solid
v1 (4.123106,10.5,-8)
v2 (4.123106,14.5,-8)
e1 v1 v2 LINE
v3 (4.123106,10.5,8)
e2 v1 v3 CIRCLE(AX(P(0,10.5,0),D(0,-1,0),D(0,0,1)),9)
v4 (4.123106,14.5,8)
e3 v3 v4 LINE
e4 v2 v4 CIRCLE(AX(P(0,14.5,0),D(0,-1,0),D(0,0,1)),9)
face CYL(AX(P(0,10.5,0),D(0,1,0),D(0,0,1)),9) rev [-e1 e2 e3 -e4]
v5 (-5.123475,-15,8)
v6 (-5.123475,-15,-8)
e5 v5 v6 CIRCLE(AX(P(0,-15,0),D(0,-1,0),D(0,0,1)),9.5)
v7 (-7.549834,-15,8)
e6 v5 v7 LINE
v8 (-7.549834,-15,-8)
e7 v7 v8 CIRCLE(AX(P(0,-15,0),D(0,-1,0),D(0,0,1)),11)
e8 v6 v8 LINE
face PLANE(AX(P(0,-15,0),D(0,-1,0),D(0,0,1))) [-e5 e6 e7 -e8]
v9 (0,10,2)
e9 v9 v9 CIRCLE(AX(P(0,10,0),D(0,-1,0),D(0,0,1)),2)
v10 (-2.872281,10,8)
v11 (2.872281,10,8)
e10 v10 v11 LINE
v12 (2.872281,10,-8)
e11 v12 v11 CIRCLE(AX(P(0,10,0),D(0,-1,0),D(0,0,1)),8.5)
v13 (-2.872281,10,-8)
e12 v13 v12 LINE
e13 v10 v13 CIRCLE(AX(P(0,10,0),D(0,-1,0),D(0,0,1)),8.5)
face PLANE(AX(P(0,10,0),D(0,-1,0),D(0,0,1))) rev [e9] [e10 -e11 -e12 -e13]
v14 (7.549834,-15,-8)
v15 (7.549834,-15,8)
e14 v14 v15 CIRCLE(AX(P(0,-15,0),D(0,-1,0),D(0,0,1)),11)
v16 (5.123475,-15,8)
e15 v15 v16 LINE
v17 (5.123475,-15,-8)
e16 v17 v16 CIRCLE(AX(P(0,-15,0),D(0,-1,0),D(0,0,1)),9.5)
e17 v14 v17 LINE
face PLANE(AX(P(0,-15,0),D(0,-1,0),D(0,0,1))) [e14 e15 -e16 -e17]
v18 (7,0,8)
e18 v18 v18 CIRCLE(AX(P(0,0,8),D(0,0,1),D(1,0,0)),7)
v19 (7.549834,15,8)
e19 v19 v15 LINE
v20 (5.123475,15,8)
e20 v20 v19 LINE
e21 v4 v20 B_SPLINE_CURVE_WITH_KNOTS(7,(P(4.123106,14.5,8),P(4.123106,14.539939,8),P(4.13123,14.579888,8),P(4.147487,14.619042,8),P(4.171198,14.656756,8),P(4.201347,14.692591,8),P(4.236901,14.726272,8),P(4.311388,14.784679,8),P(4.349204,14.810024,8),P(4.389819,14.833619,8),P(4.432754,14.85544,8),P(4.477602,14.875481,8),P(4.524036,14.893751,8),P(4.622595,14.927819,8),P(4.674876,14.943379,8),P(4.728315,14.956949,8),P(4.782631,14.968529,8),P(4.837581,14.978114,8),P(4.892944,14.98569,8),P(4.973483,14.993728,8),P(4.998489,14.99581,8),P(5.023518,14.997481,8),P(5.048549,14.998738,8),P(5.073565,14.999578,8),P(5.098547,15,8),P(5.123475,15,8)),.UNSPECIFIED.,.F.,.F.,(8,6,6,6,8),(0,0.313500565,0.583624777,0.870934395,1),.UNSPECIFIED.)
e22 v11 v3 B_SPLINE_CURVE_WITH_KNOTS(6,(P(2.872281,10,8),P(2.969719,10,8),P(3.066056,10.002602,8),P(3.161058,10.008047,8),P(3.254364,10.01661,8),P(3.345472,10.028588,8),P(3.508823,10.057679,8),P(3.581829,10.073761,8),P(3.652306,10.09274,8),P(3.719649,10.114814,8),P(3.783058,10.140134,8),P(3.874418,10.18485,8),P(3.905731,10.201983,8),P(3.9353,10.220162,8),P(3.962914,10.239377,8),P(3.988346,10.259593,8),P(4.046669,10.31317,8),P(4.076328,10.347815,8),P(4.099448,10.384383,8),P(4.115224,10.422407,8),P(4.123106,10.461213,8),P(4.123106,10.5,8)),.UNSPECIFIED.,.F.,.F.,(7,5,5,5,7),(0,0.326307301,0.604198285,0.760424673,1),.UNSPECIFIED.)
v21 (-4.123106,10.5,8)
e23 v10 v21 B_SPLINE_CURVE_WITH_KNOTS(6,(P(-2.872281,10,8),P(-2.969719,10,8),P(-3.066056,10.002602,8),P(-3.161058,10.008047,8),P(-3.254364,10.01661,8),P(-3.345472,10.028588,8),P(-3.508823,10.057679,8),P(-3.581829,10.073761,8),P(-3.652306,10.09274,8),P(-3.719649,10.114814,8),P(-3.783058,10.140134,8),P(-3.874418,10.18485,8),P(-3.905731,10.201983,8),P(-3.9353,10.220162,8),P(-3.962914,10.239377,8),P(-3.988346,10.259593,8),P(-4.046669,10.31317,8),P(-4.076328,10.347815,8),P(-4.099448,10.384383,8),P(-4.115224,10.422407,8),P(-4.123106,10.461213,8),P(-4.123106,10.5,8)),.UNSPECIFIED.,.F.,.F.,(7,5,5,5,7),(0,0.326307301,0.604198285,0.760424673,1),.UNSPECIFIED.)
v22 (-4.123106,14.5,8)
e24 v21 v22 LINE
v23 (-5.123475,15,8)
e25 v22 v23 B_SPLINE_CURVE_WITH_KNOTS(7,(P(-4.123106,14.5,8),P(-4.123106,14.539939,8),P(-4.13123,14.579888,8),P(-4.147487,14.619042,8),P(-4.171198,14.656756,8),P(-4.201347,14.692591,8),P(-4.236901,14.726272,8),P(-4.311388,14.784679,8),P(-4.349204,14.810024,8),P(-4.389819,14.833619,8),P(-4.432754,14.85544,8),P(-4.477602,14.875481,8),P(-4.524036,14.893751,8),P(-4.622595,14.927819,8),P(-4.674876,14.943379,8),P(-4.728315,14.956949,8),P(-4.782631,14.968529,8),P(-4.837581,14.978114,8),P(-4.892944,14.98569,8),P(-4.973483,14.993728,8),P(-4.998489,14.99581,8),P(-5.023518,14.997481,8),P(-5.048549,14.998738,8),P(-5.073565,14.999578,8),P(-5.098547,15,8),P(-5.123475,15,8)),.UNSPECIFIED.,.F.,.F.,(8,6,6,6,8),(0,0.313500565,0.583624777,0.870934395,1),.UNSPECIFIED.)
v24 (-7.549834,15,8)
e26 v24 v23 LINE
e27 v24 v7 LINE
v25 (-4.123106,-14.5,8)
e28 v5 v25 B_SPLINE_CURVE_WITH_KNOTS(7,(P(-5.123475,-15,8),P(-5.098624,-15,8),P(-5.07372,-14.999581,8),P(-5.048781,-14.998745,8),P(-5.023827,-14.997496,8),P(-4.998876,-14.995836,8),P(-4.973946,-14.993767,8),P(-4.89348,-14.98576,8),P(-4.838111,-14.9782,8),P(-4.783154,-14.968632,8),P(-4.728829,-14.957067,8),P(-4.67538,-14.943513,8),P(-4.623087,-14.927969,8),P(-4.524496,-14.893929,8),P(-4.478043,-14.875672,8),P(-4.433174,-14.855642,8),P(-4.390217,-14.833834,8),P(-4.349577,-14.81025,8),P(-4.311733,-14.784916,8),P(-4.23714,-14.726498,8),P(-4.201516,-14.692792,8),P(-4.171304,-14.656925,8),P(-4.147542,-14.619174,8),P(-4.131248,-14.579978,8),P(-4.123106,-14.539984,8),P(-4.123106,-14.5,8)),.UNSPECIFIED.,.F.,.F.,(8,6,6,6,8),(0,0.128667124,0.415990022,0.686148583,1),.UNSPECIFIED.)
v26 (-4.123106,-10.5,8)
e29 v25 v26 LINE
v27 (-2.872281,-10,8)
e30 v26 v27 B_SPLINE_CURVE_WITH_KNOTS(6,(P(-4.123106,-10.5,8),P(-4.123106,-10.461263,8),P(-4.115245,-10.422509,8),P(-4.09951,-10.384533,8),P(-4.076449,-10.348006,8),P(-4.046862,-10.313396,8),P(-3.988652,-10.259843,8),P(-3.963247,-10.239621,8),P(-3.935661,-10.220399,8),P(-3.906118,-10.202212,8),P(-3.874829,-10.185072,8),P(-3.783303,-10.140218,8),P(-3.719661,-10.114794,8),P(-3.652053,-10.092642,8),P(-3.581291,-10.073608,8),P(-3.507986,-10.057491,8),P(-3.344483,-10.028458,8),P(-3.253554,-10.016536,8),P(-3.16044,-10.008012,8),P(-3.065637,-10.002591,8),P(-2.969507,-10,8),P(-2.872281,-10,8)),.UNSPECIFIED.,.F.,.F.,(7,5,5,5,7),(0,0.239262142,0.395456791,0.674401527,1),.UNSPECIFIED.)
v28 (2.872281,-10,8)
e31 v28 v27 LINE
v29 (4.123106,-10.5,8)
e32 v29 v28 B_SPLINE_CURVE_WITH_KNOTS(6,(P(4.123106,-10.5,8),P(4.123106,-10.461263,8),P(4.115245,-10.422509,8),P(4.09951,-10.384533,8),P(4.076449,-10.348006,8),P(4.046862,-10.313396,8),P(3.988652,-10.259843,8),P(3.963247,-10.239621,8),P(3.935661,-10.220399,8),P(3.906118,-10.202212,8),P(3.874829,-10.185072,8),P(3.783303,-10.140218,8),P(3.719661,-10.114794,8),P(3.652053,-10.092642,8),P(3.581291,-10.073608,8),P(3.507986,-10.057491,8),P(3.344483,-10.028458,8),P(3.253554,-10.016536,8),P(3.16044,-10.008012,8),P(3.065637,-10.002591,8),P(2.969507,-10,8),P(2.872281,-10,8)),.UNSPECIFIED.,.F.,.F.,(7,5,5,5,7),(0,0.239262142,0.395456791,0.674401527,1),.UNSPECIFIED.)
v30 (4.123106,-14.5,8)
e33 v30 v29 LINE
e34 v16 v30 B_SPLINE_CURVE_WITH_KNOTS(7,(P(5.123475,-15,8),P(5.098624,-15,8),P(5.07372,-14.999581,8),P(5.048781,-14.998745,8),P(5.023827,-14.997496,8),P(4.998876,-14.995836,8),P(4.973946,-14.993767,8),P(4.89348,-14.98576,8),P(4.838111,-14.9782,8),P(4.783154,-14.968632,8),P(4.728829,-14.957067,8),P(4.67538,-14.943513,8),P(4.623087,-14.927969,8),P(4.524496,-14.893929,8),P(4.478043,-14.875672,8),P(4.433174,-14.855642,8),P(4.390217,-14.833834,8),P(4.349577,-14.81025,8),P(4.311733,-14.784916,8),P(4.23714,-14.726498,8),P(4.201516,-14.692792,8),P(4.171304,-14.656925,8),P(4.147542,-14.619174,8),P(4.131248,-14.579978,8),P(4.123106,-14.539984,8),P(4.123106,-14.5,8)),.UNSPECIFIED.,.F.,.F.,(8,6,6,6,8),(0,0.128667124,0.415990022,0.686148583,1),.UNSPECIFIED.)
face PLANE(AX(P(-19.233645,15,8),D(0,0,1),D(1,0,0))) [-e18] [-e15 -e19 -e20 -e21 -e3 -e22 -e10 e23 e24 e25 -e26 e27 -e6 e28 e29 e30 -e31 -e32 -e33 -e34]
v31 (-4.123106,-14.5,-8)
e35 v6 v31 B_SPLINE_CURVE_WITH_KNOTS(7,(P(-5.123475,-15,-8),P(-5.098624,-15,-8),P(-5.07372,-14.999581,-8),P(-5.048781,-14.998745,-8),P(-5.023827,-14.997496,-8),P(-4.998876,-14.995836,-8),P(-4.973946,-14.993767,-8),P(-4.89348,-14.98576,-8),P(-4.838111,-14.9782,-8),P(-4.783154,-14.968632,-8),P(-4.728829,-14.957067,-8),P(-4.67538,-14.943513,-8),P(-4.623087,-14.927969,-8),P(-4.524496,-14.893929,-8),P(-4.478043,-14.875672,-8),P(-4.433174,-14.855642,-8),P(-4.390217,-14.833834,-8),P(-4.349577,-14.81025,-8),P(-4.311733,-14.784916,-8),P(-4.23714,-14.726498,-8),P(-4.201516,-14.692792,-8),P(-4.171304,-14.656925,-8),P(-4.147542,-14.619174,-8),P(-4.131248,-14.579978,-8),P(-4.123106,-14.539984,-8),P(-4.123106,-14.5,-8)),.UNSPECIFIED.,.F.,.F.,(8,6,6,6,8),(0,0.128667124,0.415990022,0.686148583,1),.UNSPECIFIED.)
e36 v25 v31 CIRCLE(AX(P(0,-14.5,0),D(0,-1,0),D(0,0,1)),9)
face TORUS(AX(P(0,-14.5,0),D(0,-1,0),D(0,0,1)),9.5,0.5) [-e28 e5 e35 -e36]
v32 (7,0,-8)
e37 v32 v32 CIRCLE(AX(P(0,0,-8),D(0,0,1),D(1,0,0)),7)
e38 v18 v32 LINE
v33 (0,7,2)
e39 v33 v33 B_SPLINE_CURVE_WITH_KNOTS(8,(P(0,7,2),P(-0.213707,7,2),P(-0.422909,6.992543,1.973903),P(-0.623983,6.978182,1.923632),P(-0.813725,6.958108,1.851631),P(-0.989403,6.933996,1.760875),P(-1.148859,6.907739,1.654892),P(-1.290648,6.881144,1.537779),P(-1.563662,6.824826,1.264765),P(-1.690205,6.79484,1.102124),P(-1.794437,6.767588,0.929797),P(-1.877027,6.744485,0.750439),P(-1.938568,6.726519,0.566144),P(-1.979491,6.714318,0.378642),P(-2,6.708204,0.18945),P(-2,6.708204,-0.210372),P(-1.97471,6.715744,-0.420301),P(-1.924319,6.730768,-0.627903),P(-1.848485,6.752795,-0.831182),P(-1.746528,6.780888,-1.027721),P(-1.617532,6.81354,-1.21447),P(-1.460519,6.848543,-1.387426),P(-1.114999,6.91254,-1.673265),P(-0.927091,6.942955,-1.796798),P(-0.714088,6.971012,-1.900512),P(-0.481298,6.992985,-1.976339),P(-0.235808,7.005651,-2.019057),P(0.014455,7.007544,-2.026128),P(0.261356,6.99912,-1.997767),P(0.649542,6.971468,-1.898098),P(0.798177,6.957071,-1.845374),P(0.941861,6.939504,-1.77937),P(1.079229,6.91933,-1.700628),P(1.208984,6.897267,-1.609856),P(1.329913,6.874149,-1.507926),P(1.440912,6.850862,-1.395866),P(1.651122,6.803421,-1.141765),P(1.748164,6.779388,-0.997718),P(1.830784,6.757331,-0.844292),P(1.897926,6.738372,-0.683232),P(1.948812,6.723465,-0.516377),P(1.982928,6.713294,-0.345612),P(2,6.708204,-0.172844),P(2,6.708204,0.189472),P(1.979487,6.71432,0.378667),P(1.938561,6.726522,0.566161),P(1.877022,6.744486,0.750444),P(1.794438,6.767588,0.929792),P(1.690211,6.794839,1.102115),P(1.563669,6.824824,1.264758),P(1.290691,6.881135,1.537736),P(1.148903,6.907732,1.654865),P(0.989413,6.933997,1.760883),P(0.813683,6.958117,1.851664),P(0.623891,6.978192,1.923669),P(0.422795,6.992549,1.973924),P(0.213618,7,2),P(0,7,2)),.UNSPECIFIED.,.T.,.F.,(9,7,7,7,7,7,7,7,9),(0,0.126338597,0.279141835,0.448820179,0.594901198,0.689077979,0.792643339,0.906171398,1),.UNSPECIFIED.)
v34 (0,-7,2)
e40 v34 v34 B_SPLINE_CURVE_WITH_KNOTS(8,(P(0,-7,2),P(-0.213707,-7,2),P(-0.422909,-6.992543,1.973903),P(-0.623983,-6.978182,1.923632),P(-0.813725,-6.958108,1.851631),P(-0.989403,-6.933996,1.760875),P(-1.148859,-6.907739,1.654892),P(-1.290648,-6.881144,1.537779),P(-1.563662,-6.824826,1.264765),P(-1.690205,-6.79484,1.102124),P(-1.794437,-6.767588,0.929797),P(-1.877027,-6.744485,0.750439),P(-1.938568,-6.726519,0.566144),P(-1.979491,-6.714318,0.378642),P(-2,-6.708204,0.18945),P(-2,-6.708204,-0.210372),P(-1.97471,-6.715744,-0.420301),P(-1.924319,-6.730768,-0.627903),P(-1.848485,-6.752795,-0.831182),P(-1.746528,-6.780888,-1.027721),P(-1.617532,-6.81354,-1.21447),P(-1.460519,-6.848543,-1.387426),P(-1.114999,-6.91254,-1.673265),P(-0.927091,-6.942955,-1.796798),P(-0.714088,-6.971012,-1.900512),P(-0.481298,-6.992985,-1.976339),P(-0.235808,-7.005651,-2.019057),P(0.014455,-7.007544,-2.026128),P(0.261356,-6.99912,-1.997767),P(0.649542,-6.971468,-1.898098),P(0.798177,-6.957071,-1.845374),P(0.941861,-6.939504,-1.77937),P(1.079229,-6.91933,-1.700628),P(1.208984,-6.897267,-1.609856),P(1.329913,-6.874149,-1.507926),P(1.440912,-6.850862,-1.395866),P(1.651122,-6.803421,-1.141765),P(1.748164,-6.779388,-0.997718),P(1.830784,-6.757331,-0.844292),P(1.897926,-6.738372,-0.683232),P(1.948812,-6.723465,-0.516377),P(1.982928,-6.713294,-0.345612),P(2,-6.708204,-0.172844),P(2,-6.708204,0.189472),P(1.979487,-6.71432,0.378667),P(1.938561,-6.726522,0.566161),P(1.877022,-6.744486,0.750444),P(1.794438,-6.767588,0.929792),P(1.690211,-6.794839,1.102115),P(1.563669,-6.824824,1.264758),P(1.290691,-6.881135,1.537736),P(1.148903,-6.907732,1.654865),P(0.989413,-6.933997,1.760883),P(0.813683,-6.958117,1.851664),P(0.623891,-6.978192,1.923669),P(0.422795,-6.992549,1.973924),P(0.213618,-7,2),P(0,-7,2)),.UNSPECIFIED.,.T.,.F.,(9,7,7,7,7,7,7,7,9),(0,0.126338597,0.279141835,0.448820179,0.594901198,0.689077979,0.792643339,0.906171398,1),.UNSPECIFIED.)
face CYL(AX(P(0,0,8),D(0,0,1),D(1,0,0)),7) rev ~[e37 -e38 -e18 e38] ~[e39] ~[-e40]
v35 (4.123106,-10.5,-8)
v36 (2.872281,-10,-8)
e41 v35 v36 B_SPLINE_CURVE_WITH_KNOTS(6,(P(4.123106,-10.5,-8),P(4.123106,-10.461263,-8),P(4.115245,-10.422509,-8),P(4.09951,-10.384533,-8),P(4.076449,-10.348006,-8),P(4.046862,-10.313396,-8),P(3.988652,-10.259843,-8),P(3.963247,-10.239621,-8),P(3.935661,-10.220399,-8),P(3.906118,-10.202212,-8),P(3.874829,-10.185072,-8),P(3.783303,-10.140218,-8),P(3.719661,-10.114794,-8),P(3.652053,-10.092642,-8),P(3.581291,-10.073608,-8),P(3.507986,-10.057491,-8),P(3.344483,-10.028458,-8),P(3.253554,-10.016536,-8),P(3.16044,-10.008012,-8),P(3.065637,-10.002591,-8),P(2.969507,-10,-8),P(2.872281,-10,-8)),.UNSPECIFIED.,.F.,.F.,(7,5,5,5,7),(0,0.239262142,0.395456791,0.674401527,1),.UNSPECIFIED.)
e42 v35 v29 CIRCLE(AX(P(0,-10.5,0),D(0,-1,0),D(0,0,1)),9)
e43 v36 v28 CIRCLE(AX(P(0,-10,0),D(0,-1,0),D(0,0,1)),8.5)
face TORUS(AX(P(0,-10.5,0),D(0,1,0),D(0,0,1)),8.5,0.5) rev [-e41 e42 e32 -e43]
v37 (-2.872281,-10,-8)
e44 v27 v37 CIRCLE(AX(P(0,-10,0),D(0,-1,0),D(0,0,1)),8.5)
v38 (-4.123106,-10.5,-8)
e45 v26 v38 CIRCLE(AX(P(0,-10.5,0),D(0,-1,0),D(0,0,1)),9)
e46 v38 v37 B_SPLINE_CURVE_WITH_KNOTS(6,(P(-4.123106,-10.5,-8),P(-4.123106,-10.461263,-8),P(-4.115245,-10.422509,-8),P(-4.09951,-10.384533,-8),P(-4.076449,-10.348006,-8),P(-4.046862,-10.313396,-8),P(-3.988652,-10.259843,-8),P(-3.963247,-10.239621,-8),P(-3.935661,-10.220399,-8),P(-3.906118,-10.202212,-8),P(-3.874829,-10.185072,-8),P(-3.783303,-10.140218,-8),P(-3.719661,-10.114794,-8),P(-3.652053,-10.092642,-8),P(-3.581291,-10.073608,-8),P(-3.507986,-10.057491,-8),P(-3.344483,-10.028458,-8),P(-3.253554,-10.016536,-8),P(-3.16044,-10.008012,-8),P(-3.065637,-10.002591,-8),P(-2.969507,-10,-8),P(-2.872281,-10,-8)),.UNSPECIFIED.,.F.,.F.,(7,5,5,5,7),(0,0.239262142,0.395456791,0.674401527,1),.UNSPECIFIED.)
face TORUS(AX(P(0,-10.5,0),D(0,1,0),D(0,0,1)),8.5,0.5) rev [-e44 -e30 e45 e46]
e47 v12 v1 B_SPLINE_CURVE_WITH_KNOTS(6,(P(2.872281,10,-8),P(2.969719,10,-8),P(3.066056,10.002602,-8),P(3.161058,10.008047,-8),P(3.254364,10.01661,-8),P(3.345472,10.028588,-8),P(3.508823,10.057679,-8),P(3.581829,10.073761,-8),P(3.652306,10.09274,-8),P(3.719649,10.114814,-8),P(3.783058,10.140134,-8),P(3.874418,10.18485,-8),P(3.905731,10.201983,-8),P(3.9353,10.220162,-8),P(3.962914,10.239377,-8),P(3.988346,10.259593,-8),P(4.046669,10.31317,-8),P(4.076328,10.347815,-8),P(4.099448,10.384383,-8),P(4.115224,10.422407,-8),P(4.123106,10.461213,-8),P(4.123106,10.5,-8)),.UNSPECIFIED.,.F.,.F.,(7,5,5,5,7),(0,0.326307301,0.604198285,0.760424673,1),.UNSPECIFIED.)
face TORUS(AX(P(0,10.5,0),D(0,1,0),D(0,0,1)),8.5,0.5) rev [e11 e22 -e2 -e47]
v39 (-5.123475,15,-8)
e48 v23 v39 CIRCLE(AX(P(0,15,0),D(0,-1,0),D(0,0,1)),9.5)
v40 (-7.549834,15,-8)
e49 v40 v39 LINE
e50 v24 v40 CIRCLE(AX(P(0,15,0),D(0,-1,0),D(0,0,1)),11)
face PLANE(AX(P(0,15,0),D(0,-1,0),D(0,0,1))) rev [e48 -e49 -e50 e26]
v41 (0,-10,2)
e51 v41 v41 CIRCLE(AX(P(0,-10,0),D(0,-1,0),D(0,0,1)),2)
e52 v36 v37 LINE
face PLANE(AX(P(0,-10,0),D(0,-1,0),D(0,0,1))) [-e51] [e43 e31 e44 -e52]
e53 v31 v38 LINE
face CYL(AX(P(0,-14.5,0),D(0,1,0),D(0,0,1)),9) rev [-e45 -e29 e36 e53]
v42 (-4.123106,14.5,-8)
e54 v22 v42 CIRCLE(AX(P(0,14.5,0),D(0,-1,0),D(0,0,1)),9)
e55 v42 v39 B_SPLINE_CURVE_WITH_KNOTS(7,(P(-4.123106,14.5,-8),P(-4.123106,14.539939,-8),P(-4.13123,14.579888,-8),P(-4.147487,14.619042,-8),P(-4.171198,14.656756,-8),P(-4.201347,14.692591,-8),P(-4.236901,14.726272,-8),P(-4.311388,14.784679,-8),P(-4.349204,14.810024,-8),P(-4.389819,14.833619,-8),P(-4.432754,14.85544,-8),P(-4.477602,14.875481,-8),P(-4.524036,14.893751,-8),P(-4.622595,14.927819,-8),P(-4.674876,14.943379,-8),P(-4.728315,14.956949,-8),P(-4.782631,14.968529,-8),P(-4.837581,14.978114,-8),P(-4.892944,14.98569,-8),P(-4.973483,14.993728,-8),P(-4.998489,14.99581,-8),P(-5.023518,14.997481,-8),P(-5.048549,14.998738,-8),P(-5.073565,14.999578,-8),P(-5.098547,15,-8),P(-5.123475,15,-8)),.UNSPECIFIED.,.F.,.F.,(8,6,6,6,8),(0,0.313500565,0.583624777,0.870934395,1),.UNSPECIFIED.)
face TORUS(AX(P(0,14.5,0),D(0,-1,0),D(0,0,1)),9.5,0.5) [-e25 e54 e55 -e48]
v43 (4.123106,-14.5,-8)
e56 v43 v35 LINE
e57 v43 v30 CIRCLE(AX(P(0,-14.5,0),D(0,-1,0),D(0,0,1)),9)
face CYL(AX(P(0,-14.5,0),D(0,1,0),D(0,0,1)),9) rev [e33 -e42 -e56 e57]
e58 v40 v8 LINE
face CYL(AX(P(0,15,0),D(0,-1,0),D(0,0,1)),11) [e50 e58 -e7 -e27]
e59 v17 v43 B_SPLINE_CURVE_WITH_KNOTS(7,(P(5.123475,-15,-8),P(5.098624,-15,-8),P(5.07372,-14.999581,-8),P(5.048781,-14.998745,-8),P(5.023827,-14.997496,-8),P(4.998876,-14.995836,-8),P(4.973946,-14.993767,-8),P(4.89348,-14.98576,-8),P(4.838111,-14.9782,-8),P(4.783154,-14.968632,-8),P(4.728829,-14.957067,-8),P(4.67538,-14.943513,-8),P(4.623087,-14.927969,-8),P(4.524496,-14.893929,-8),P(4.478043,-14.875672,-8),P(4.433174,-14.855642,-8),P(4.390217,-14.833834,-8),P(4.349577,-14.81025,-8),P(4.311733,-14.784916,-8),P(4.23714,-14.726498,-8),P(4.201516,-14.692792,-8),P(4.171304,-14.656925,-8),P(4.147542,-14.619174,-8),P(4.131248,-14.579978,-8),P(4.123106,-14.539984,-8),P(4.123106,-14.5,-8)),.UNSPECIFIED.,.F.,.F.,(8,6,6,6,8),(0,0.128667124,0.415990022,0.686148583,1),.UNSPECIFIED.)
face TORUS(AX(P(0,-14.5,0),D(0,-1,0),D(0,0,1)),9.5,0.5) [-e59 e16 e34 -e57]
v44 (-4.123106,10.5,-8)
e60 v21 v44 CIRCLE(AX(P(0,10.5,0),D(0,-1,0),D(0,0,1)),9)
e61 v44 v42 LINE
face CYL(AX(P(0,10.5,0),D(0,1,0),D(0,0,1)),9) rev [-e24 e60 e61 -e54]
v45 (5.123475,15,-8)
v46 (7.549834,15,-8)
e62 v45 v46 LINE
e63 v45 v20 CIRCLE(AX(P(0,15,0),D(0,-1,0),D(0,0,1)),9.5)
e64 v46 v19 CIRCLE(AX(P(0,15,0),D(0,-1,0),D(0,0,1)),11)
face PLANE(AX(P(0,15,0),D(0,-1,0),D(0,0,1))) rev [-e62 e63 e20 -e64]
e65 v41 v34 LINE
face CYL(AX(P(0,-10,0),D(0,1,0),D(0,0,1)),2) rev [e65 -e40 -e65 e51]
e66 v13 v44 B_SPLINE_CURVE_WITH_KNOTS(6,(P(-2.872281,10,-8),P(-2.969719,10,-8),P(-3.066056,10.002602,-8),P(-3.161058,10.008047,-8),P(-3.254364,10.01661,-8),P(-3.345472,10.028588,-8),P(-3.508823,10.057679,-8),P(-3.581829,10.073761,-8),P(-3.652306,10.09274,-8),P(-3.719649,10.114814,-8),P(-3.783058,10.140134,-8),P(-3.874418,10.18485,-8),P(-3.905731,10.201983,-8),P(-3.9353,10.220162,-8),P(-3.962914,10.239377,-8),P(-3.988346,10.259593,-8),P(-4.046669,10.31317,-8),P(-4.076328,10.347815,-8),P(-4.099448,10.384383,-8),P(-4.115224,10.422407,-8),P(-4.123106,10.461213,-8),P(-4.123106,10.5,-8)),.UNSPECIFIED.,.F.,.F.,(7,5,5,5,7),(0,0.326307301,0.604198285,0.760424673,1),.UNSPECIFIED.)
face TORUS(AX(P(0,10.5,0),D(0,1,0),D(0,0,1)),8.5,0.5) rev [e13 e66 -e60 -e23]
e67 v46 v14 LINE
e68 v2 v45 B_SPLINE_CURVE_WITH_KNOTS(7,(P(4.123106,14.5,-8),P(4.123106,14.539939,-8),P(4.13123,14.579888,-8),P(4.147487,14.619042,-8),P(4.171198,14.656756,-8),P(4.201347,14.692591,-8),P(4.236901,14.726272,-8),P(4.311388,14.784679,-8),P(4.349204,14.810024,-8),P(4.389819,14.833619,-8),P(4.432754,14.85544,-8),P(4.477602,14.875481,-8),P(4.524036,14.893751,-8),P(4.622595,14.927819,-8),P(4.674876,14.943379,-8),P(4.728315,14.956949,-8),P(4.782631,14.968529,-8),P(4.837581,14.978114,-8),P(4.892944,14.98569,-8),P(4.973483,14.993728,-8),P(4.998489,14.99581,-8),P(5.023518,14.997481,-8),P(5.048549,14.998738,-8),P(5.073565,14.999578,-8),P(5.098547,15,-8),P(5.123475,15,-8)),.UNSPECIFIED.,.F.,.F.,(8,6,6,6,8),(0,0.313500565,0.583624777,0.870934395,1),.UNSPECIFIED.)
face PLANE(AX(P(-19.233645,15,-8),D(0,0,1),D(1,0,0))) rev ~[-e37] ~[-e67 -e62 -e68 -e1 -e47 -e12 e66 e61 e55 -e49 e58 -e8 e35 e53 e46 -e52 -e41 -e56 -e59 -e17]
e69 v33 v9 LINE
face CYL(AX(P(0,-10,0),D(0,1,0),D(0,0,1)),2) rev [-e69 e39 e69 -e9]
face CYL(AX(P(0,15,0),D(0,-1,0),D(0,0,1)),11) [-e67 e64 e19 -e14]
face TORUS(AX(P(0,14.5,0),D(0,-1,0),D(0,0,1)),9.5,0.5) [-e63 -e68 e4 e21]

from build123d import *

# Parameters (mm, degrees)
ESQUISSE2_W             = 4
ESQUISSE2_H             = 32
ENL_V_MAT_EXTRU_1_DEPTH = 42.194659848
ESQUISSE3_R             = 7
ENL_V_MAT_EXTRU_2_DEPTH = 25.535688419


with BuildPart() as part:
    # Esquisse1 → Base-Révolution (revolve)
    with BuildSketch(Plane.XY, mode=Mode.PRIVATE) as base_r_volution_sk:
        with BuildLine():
            Line((-2, 10), (-8.5, 10))
            ThreePointArc((-8.5, 10), (-8.853553391, 10.146446609), (-9, 10.5))
            Line((-9, 10.5), (-9, 14.5))
            ThreePointArc((-9, 14.5), (-9.146446609, 14.853553391), (-9.5, 15))
            Line((-9.5, 15), (-11, 15))
            Line((-11, 15), (-11, -15))
            Line((-11, -15), (-9.5, -15))
            ThreePointArc((-9.5, -15), (-9.146446609, -14.853553391), (-9, -14.5))
            Line((-9, -14.5), (-9, -10.5))
            ThreePointArc((-9, -10.5), (-8.853553391, -10.146446609), (-8.5, -10))
            Line((-8.5, -10), (-2, -10))
            Line((-2, -10), (-2, 10))
        make_face()
    revolve(base_r_volution_sk.sketch.rotate(Axis((0, 0, 0), (0, -1, 0)), 270), axis=Axis((0, 0, 0), (0, -1, 0)))

    # Esquisse2 → Enlèv. mat.-Extru.1 (cut, through all)
    with BuildSketch(Plane(origin=(-15, 15, 0), x_dir=(0, 0, -1), z_dir=(0, -1, 0))):
        with Locations((10, 11.76635514)):
            Rectangle(ESQUISSE2_W, ESQUISSE2_H)
        with Locations((-10, 11.76635514)):
            Rectangle(ESQUISSE2_W, ESQUISSE2_H)
    extrude(amount=ENL_V_MAT_EXTRU_1_DEPTH, mode=Mode.SUBTRACT)

    # Esquisse3 → Enlèv. mat.-Extru.2 (cut, through all)
    with BuildSketch(Plane.XY.offset(8)):
        Circle(ESQUISSE3_R)
    extrude(amount=-ENL_V_MAT_EXTRU_2_DEPTH, mode=Mode.SUBTRACT)


solid = part.part
